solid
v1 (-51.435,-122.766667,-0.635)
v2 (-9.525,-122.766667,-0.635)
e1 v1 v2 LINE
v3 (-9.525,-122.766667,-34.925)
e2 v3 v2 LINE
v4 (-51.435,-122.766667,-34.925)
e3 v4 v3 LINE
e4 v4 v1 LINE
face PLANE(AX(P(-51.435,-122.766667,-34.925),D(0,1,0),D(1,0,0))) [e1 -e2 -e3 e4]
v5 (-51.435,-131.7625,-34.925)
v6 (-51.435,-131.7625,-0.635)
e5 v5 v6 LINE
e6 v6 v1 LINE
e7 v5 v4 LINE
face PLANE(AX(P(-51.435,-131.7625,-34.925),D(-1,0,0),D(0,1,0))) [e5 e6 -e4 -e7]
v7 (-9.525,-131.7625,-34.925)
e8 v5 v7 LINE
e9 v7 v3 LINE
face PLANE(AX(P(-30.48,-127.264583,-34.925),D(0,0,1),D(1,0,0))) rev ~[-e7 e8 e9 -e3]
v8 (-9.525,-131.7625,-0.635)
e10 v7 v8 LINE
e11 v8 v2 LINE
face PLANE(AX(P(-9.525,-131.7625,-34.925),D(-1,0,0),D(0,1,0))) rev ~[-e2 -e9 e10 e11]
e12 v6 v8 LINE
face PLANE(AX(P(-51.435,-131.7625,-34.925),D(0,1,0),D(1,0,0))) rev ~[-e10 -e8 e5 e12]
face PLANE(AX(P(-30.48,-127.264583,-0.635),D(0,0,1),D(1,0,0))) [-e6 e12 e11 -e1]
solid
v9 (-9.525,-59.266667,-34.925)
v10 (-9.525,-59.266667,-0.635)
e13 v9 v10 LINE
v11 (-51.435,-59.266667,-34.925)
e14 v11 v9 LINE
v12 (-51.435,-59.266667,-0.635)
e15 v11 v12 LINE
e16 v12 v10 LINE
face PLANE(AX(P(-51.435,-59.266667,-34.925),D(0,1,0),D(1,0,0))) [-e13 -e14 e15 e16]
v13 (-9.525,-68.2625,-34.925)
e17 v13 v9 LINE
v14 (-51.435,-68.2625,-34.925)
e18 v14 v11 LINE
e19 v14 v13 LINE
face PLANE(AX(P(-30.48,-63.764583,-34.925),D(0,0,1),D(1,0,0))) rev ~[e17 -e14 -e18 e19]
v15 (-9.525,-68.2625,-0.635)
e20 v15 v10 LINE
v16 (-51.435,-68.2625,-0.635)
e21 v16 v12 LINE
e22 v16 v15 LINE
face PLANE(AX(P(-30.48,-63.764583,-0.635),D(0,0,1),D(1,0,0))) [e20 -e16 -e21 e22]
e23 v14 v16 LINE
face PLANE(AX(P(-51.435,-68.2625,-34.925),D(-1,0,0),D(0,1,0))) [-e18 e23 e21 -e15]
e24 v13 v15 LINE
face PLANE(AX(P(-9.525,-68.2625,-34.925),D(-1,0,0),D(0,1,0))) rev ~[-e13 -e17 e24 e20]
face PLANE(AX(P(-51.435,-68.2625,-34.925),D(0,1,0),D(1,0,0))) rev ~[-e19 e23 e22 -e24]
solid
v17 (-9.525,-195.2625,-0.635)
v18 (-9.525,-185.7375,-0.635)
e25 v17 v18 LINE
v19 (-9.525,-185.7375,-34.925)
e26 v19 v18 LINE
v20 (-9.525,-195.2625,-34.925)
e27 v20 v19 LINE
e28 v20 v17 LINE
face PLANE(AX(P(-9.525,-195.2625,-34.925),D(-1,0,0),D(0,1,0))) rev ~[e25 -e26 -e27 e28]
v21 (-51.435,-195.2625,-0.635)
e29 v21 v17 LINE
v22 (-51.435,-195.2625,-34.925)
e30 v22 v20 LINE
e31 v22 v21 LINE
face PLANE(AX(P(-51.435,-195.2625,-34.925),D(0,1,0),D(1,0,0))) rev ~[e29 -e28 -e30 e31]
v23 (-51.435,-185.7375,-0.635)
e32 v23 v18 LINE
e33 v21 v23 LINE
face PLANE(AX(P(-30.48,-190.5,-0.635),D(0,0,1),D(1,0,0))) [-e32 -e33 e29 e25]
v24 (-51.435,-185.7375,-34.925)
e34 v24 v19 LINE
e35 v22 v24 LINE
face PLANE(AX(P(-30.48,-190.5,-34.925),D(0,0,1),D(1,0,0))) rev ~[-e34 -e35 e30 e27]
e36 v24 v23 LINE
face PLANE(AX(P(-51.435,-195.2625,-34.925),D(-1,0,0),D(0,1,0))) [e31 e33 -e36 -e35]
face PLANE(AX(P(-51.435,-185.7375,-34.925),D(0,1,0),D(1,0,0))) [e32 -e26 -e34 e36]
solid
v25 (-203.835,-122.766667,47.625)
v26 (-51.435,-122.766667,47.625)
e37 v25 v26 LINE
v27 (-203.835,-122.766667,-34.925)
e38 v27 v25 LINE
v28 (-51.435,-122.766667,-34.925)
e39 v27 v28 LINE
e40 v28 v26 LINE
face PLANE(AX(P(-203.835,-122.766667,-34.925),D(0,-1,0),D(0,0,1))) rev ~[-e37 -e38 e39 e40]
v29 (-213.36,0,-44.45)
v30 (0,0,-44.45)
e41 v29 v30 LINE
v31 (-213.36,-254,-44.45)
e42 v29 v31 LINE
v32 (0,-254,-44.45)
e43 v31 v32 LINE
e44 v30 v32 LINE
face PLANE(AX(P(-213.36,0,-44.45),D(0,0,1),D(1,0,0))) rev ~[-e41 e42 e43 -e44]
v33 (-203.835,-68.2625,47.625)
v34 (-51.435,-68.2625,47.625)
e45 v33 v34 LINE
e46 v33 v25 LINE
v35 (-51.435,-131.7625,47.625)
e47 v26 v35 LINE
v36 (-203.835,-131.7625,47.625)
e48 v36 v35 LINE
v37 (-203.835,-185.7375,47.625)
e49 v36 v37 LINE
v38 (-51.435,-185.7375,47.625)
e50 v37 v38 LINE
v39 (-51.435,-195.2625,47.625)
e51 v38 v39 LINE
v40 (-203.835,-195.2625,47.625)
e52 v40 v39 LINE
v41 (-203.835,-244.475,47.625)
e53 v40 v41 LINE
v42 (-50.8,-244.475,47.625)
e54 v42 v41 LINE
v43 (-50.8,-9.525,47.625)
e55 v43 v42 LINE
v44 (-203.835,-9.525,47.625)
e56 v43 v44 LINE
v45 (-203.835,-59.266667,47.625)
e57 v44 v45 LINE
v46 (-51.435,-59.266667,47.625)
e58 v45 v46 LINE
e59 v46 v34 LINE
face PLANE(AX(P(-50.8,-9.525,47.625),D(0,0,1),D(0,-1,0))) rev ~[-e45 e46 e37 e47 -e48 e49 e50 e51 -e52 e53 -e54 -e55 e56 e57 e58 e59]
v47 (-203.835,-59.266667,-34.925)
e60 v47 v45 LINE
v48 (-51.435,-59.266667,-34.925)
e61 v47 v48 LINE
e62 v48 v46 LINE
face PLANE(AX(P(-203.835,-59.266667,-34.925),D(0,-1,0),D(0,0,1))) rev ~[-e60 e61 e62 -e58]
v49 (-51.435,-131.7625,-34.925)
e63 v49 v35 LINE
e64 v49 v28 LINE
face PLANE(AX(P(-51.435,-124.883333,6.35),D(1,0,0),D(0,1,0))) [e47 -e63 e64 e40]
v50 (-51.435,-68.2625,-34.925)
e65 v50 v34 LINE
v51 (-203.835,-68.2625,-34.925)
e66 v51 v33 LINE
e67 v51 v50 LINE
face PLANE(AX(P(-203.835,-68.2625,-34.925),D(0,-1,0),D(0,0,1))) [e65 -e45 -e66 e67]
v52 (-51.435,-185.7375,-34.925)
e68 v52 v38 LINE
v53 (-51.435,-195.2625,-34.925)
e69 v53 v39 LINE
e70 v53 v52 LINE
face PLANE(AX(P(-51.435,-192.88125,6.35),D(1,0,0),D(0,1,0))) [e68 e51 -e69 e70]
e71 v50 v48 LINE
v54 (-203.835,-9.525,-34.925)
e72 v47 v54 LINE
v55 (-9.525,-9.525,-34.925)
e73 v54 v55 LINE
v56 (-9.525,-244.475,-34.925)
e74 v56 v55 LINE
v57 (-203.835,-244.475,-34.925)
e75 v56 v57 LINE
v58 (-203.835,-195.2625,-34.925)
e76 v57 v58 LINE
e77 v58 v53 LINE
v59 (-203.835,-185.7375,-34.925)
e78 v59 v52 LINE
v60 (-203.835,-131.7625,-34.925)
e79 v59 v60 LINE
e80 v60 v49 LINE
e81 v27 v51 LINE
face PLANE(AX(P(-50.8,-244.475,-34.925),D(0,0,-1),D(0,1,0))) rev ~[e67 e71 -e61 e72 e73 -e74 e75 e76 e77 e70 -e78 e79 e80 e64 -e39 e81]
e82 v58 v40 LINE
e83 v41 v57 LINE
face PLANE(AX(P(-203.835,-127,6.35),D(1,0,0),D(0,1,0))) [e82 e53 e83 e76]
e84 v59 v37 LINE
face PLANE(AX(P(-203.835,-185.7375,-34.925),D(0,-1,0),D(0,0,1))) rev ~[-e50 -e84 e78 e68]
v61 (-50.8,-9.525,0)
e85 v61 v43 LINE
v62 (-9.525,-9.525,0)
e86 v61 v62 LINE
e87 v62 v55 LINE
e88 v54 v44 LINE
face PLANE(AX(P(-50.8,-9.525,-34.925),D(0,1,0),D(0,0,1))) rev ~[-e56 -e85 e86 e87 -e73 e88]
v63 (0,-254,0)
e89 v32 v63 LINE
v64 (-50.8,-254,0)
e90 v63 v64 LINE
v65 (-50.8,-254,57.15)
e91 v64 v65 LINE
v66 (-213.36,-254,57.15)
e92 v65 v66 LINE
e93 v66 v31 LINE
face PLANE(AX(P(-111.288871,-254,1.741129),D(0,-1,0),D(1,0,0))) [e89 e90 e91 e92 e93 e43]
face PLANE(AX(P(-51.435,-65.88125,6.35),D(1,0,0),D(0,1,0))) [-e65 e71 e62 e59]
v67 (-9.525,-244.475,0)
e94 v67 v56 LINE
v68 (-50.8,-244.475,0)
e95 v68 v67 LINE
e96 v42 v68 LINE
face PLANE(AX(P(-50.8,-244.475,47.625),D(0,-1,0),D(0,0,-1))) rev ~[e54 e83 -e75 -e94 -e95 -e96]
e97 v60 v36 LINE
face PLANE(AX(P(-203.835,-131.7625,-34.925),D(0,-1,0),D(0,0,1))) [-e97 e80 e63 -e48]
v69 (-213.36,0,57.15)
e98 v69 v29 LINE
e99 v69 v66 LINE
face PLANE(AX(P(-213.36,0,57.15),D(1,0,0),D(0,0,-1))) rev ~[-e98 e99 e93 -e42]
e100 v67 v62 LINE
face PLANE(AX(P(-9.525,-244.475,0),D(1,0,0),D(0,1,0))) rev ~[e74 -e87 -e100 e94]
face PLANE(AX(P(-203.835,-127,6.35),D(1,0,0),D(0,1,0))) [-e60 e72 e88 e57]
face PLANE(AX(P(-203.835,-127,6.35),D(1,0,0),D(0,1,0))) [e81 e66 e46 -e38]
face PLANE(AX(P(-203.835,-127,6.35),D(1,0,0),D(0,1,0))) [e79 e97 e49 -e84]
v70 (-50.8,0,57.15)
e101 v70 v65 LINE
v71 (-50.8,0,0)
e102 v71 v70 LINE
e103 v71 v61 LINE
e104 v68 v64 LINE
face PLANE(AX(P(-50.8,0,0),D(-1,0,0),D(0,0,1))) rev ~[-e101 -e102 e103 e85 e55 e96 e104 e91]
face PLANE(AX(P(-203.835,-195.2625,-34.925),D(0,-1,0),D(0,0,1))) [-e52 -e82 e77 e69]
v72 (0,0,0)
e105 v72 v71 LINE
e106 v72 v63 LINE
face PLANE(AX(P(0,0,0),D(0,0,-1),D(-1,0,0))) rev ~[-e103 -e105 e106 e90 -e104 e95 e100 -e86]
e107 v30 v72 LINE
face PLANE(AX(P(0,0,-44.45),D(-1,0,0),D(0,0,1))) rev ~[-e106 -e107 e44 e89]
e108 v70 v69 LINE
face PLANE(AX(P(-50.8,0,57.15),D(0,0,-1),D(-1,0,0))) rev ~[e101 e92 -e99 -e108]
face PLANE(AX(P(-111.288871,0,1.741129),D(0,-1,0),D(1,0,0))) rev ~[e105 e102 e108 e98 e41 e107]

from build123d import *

# Parameters (mm, degrees)
F1_DEPTH = 254
F2_W     = 41.275
F2_H     = 234.95
F3_DEPTH = 34.925
F5_DEPTH = 153.035
F6_W     = 4.2333333333
F6_H     = 82.55
F6_W_2   = 4.7625
F7_DEPTH = 152.4
F8_W     = 41.91
F8_H     = 8.9958333333
F9_DEPTH = 34.29
F8_H_2   = 9.525


with BuildPart() as f1:
    # F0 (on Front) → F1 (new body)
    with BuildSketch(Plane.XZ):
        Polygon((-50.8, 57.15), (-213.36, 57.15), (-213.36, -44.45), (0, -44.45), (0, 0), (-50.8, 0), align=None)
    extrude(amount=F1_DEPTH)

    # F2 (on face) → F3 (cut)
    with BuildSketch(Plane.XY):
        with Locations((-30.1625, -127)):
            Rectangle(F2_W, F2_H)
    extrude(amount=-F3_DEPTH, mode=Mode.SUBTRACT)

    # F4 (on face) → F5 (cut)
    with BuildSketch(Plane.YZ.offset(-50.8)):
        Polygon((-244.475, 47.625), (-244.475, 0), (-244.475, -34.925), (-9.525, -34.925), (-9.525, 0), (-9.525, 47.625), align=None)
    extrude(amount=-F5_DEPTH, mode=Mode.SUBTRACT)

    # F6 (on face) → F7 (join)
    with BuildSketch(Plane.YZ.offset(-203.835)):
        with Locations((-124.8833333333, 6.35)):
            Rectangle(F6_W, F6_H)
        with Locations((-129.38125, 6.35)):
            Rectangle(F6_W_2, F6_H)
        with Locations((-65.88125, 6.35)):
            Rectangle(F6_W_2, F6_H)
        with Locations((-61.3833333333, 6.35)):
            Rectangle(F6_W, F6_H)
        with Locations((-192.88125, 6.35)):
            Rectangle(F6_W_2, F6_H)
        with Locations((-188.11875, 6.35)):
            Rectangle(F6_W_2, F6_H)
    extrude(amount=F7_DEPTH)


with BuildPart() as f9:
    # F8 (on face) → F9 (new body)
    with BuildSketch(Plane.XY.offset(-34.925)):
        with Locations((-30.48, -63.7645833333)):
            Rectangle(F8_W, F8_H)
    extrude(amount=F9_DEPTH)


with BuildPart() as f9b:
    # F8 (on face) → F9, piece 2 (new body)
    with BuildSketch(Plane.XY.offset(-34.925)):
        with Locations((-30.48, -127.2645833333)):
            Rectangle(F8_W, F8_H)
    extrude(amount=F9_DEPTH)


with BuildPart() as f9c:
    # F8 (on face) → F9, piece 3 (new body)
    with BuildSketch(Plane.XY.offset(-34.925)):
        with Locations((-30.48, -190.5)):
            Rectangle(F8_W, F8_H_2)
    extrude(amount=F9_DEPTH)


solid = Compound([f1.part, f9.part, f9b.part, f9c.part])
